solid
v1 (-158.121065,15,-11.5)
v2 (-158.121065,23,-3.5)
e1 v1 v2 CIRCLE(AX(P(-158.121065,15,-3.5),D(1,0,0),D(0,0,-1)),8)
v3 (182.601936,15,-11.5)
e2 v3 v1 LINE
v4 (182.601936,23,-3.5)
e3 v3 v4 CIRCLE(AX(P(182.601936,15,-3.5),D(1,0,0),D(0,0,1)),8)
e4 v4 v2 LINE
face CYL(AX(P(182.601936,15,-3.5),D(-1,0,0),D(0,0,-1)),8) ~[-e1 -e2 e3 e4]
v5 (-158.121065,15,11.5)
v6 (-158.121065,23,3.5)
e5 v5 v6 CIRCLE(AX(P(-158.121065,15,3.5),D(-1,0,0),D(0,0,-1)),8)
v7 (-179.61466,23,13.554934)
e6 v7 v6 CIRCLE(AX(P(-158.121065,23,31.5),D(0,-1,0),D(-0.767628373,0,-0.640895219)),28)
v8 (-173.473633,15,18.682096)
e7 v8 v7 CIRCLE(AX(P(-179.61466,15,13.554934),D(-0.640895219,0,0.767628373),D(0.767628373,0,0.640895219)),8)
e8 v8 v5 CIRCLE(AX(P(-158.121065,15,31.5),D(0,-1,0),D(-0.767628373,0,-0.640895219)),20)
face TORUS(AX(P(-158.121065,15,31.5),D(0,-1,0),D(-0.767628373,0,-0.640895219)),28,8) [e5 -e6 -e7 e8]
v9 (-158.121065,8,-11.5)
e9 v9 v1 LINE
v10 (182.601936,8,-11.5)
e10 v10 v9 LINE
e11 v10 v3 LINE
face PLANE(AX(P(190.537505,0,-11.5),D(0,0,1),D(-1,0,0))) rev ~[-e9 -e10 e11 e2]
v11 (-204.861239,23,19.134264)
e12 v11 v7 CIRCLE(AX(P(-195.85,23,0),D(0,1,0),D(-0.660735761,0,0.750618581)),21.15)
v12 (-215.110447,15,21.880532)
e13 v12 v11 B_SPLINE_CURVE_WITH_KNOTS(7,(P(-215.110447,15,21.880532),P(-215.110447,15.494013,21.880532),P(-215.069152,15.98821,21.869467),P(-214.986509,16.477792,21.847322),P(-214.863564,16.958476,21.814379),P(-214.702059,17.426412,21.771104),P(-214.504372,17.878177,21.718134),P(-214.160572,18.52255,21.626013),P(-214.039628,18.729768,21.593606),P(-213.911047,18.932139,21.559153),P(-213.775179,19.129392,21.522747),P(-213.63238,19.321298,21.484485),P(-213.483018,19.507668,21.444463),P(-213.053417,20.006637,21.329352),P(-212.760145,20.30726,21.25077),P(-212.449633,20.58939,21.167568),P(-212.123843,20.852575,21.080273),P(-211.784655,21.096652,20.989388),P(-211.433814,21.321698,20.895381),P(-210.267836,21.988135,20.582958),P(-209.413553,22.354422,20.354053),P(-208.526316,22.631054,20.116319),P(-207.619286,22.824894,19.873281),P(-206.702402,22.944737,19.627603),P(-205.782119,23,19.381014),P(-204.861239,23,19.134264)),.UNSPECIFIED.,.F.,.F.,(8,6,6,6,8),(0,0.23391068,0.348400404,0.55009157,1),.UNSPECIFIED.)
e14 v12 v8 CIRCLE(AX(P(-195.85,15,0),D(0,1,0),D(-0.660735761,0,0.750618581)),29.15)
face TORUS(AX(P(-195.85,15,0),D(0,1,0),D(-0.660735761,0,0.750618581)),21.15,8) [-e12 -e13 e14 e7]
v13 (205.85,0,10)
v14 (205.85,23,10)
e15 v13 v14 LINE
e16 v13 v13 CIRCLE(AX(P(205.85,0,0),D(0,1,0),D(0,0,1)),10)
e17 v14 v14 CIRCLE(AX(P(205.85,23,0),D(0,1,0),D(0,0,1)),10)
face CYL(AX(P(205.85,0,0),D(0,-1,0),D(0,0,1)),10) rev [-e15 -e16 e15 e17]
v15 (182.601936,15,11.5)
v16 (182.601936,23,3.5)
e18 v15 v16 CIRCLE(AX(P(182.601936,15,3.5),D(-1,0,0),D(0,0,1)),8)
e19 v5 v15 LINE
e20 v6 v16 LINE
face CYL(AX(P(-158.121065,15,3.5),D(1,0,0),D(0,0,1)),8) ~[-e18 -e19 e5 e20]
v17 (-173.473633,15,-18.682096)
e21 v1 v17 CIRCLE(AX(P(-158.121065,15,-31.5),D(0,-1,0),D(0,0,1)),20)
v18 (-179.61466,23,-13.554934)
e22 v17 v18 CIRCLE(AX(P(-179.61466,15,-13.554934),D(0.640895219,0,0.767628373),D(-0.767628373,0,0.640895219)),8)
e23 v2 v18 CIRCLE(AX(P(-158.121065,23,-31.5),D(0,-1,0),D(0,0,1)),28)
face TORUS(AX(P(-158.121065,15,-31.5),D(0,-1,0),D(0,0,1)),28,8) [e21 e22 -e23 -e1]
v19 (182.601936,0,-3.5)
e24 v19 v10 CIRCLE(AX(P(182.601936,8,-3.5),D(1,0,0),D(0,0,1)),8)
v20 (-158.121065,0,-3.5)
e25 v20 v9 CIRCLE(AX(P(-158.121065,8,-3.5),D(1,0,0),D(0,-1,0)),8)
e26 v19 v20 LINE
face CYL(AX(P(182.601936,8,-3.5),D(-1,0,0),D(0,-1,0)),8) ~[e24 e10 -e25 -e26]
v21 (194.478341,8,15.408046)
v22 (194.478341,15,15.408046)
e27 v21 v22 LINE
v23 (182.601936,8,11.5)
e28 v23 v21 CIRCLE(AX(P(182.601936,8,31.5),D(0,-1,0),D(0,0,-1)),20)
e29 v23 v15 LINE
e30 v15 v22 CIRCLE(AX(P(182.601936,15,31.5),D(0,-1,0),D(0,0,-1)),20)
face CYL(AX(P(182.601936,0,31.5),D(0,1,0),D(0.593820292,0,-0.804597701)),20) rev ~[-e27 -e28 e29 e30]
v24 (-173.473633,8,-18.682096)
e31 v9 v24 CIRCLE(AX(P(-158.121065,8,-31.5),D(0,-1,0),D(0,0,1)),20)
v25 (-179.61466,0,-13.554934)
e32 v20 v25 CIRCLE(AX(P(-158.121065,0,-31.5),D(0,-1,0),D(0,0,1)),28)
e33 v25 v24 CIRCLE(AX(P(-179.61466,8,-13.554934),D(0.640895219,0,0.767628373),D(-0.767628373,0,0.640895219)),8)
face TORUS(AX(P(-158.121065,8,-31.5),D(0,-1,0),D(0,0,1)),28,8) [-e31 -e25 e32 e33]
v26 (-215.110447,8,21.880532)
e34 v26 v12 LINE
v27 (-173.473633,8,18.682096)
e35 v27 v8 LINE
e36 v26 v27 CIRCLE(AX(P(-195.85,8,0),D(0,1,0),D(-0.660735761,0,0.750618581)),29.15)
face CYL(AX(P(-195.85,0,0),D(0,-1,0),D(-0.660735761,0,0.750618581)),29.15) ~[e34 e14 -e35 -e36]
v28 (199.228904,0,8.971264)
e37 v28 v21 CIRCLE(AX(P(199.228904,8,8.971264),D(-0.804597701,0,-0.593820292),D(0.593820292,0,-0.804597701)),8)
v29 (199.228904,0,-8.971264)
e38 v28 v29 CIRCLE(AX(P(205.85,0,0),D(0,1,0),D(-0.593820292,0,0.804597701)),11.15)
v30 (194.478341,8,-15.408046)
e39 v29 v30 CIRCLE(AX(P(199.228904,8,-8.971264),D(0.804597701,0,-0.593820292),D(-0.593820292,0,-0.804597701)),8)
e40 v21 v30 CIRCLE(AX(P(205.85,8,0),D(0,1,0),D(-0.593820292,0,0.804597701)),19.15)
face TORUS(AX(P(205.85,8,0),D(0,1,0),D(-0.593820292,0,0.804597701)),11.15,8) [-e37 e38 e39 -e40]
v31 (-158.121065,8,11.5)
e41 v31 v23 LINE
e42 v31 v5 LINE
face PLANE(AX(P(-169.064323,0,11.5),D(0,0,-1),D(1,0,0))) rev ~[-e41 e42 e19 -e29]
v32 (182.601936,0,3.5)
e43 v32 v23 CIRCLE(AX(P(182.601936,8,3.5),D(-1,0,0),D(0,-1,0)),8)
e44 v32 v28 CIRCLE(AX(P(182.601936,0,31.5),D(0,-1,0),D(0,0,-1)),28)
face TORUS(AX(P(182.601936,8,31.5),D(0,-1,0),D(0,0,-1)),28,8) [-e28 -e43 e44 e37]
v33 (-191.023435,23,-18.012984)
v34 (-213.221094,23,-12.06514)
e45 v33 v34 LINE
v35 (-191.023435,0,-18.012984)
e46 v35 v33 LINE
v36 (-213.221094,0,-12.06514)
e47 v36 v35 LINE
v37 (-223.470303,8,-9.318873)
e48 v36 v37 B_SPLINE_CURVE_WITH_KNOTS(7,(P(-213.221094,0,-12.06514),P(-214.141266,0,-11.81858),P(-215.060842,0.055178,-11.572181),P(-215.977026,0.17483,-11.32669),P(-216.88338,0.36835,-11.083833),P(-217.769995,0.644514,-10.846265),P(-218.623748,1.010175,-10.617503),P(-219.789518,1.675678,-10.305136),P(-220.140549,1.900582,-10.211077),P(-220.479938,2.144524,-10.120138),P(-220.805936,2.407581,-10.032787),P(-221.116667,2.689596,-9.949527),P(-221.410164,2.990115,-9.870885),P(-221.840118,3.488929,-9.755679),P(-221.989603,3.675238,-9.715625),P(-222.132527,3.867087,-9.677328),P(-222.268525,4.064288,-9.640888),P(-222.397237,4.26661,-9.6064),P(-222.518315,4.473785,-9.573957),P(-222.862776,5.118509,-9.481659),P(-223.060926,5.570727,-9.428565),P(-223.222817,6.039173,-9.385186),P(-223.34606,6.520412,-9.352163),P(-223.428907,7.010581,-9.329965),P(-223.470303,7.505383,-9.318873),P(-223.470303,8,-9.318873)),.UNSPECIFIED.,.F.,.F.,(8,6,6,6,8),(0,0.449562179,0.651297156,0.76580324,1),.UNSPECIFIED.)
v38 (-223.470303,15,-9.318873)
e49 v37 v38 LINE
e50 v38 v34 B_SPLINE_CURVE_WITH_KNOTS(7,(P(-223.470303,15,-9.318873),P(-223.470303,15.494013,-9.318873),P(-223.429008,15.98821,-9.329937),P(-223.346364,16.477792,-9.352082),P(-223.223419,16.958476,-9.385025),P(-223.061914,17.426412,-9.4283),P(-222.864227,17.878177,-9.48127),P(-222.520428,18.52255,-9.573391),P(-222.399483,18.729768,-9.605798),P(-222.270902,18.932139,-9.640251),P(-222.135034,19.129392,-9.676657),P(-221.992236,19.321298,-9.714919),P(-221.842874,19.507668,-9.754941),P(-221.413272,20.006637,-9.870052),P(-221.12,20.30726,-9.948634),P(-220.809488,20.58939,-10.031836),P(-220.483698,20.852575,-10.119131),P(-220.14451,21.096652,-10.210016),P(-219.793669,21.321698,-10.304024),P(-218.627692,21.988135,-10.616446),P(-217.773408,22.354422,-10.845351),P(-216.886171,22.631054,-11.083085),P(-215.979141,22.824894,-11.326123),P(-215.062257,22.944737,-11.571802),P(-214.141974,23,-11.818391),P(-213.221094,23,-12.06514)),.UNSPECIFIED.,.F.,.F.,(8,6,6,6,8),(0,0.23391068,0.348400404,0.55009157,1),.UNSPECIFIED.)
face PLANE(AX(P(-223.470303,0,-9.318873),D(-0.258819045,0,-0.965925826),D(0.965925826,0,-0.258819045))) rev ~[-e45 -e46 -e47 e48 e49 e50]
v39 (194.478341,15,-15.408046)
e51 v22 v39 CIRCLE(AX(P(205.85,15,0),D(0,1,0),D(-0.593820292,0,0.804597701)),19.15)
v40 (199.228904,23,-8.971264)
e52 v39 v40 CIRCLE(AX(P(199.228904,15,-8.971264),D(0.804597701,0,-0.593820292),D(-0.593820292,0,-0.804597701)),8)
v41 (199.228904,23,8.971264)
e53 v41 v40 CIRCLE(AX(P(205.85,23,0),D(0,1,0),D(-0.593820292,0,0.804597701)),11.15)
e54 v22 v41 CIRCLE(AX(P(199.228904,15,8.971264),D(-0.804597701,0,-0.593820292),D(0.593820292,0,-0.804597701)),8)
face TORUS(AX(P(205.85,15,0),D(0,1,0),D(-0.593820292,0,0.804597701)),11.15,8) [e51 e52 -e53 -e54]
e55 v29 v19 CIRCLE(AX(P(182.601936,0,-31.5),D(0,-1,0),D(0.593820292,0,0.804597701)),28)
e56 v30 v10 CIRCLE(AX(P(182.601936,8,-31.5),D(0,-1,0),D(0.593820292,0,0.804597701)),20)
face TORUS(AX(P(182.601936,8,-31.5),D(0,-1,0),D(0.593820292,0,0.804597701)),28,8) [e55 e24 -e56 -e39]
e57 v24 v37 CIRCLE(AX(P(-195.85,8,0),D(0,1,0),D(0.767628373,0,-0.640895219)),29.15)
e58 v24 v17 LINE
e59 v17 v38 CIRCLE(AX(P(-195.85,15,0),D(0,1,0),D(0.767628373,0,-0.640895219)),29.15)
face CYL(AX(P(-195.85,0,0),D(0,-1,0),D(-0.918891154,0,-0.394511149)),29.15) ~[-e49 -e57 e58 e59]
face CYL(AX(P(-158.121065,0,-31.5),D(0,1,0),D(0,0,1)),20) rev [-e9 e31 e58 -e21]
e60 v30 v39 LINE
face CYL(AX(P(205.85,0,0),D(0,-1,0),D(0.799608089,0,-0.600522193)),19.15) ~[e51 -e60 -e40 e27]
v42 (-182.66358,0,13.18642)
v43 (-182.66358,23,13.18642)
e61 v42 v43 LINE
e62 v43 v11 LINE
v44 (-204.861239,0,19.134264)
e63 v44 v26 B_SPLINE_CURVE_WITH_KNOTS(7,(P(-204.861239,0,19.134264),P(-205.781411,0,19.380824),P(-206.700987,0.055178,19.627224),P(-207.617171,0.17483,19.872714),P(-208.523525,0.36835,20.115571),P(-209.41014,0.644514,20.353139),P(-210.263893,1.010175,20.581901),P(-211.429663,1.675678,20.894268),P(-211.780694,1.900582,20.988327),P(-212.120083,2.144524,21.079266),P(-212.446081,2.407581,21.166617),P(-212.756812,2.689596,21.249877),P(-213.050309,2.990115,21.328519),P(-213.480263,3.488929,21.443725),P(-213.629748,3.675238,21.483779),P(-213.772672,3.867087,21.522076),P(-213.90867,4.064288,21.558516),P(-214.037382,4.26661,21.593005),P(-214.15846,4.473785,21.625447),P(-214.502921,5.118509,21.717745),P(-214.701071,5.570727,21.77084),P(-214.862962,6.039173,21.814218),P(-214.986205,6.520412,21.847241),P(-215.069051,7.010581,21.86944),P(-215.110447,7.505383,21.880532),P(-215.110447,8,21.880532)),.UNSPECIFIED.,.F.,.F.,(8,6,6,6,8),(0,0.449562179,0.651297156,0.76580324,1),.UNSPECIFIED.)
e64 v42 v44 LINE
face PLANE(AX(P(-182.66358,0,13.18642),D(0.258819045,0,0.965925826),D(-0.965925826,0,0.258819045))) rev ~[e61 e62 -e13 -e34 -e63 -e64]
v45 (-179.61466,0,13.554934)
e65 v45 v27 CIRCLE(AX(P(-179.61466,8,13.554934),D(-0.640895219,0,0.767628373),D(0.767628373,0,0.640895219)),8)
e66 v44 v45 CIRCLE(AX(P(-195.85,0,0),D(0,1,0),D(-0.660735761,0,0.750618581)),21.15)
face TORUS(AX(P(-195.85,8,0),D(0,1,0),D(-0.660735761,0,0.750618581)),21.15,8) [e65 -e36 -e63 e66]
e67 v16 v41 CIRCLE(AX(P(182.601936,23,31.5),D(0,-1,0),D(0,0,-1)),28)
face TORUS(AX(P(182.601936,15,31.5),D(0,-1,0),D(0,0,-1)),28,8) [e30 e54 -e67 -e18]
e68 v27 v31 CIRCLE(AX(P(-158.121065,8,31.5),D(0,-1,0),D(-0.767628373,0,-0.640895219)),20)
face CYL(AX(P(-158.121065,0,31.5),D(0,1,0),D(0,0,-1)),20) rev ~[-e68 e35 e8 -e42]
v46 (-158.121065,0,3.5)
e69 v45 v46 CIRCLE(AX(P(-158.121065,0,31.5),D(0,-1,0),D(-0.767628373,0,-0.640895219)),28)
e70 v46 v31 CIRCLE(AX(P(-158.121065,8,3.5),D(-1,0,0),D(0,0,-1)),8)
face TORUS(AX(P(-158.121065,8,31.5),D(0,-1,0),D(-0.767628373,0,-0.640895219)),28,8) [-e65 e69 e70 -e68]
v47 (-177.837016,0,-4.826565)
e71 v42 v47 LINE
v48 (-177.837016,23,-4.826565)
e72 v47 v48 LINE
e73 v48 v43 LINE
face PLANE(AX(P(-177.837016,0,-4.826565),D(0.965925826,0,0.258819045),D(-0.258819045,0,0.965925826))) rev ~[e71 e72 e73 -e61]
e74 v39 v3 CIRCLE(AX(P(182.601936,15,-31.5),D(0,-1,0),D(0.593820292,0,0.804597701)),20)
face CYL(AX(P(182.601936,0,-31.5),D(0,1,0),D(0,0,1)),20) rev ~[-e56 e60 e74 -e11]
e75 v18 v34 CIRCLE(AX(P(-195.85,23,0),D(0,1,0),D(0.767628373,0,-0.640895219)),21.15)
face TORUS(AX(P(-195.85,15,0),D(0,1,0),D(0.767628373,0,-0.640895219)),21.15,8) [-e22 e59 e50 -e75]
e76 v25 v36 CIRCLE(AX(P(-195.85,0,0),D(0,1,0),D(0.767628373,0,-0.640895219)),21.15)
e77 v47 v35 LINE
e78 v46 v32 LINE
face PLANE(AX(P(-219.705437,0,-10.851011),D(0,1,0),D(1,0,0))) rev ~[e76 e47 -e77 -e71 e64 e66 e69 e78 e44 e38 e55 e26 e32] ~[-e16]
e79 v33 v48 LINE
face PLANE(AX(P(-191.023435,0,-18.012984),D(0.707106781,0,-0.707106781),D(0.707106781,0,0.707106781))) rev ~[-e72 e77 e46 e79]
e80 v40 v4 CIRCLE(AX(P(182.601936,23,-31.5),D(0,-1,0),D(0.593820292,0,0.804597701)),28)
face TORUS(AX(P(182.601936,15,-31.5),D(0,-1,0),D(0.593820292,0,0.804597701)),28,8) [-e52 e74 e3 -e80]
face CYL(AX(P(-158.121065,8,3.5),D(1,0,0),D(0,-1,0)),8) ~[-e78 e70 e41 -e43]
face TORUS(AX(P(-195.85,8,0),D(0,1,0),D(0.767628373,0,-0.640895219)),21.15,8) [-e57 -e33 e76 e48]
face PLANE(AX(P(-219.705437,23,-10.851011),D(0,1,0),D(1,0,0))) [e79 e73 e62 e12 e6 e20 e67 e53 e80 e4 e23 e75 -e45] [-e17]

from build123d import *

# Parameters (mm, degrees)
SKETCH1_R           = 10.000000000000009
BOSS_EXTRUDE1_DEPTH = 23
FILLET1_R           = 20
FILLET2_R           = 8


with BuildPart() as part:
    # Sketch1 → Boss-Extrude1 (new body)
    # profile 1 of 8: a face of its own
    with BuildSketch(Plane(origin=(0, 0, 0), x_dir=(1, 0, 0), z_dir=(0, 1, 0))):
        with BuildLine():
            Line((190.53750510204208, 11.499999999999996), (-169.0643228571688, 11.499999999999996))
            ThreePointArc((-169.06432285716886, 11.499999999999785), (-167.29719813473903, 5.8702645292353655), (-166.699999999998, -5.84695e-12))
            ThreePointArc((-166.699999999998, -5.85409e-12), (-167.29719813473773, -5.870264529240628), (-169.0643228571637, -11.499999999999407))
            Line((-169.0643228571635, -11.499999999999996), (190.53750510204208, -11.499999999999996))
            ThreePointArc((190.53750510204202, -11.500000000000126), (186.70000000000027, 2.35e-15), (190.53750510204205, 11.500000000000131))
        make_face()
    # profile 2 of 8: a face of its own
    with BuildSketch(Plane(origin=(0, 0, 0), x_dir=(1, 0, 0), z_dir=(0, 1, 0))):
        with BuildLine():
            Line((-209.0364197819809, 13.186419781973054), (-191.02343537482668, 18.01298440714431))
            Line((-191.02343537482668, 18.01298440714431), (-184.51045096768246, 11.499999999999996))
            Line((-184.51045096768246, 11.499999999999996), (-169.0643228571688, 11.499999999999996))
            ThreePointArc((-169.06432285716886, 11.499999999999785), (-195.8499999999993, 29.149999999995877), (-222.63567714283025, 11.500000000000531))
            Line((-222.63567714283008, 11.499999999999996), (-215.33022409119366, 11.499999999999996))
            Line((-215.33022409119366, 11.500000000000018), (-209.0364197819809, 13.186419781973054))
        make_face()
    # profile 3 of 8: a face of its own
    with BuildSketch(Plane(origin=(0, 0, 0), x_dir=(1, 0, 0), z_dir=(0, 1, 0))):
        with BuildLine():
            Line((-169.0643228571688, 11.499999999999996), (-184.51045096768246, 11.499999999999996))
            Line((-184.51045096768246, 11.499999999999996), (-177.83701559284398, 4.826564625161424))
            Line((-177.83701559284398, 4.826564625161426), (-182.21170539933064, -11.499999999999996))
            Line((-182.21170539933064, -11.499999999999996), (-169.0643228571635, -11.499999999999996))
            ThreePointArc((-169.0643228571637, -11.499999999999407), (-167.29719813473773, -5.870264529240628), (-166.699999999998, -5.85409e-12))
            ThreePointArc((-166.699999999998, -5.84695e-12), (-167.29719813473903, 5.8702645292353655), (-169.06432285716886, 11.499999999999785))
        make_face()
    # profile 4 of 8: a face of its own
    with BuildSketch(Plane(origin=(0, 0, 0), x_dir=(1, 0, 0), z_dir=(0, 1, 0))):
        with BuildLine():
            Line((-169.0643228571635, -11.499999999999996), (-182.21170539933064, -11.499999999999996))
            Line((-182.21170539933064, -11.499999999999996), (-182.66358021801545, -13.186419781992653))
            Line((-182.66358021801545, -13.186419781992653), (-200.67656462516962, -18.012984407163884))
            Line((-200.67656462516962, -18.012984407163888), (-215.11044742166933, -21.880531646131363))
            ThreePointArc((-215.11044742167047, -21.88053164613265), (-189.43937367309758, -28.43635648421335), (-169.0643228571637, -11.499999999999407))
        make_face()
    # profile 5 of 8: a face of its own
    with BuildSketch(Plane(origin=(0, 0, 0), x_dir=(1, 0, 0), z_dir=(0, 1, 0))):
        with BuildLine():
            Line((221.162494897959, 11.499999999999996), (190.53750510204208, 11.499999999999996))
            ThreePointArc((190.53750510204205, 11.500000000000131), (186.70000000000027, 2.35e-15), (190.53750510204202, -11.500000000000126))
            Line((190.53750510204208, -11.499999999999996), (221.162494897959, -11.499999999999996))
            ThreePointArc((221.16249489795885, -11.499999999999684), (224.0153072819582, -6.061692119536153), (225.00000000000028, -4.69e-15))
            ThreePointArc((225.00000000000028, 0), (224.0153072819582, 6.061692119536143), (221.16249489795888, 11.49999999999967))
        make_face()
        with Locations(Location((205.85000000000028, 0, 0), (0, 0, 270))):
            Circle(SKETCH1_R, mode=Mode.SUBTRACT)
    # profile 6 of 8: a face of its own
    with BuildSketch(Plane(origin=(0, 0, 0), x_dir=(1, 0, 0), z_dir=(0, 1, 0))):
        with BuildLine():
            Line((221.162494897959, -11.499999999999996), (190.53750510204208, -11.499999999999996))
            ThreePointArc((190.53750510204202, -11.500000000000126), (205.85000000000053, -19.150000000000006), (221.16249489795885, -11.499999999999684))
        make_face()
    # profile 7 of 8: a face of its own
    with BuildSketch(Plane(origin=(0, 0, 0), x_dir=(1, 0, 0), z_dir=(0, 1, 0))):
        with BuildLine():
            ThreePointArc((221.16249489795888, 11.49999999999967), (205.85000000000056, 19.150000000000006), (190.53750510204205, 11.500000000000131))
            Line((190.53750510204208, 11.499999999999996), (221.162494897959, 11.499999999999996))
        make_face()
    # profile 8 of 8: a face of its own
    with BuildSketch(Plane(origin=(0, 0, 0), x_dir=(1, 0, 0), z_dir=(0, 1, 0))):
        with BuildLine():
            Line((-223.47030257848598, 9.31887254300414), (-215.33022409119366, 11.500000000000018))
            Line((-215.33022409119366, 11.499999999999996), (-222.63567714283008, 11.499999999999996))
            ThreePointArc((-222.63567714283025, 11.500000000000519), (-223.0748413513289, 10.417797914863556), (-223.4703025784876, 9.318872543004696))
        make_face()
    extrude(amount=BOSS_EXTRUDE1_DEPTH)

    # Fillet1
    fillet1_edges = [part.edges().sort_by_distance(p)[0] for p in [
        (-169.06432285716357, 11.5, 11.499999999999702),
        (-169.06432285716883, 11.5, -11.499999999999892),
        (190.53750510204208, 11.5, -11.500000000000068),
        (190.53750510204205, 11.5, 11.500000000000059),
    ]]
    fillet(fillet1_edges, radius=FILLET1_R)

    # Fillet2
    fillet2_edges = [part.edges().sort_by_distance(p)[0] for p in [
        (-193.61734753029688, 0, 29.06437274310201),
        (225.00000000000028, 0, -2.576e-14),
        (225.0000000000003, 23, -4.174e-14),
        (12.240435042127586, 0, 11.499999999999766),
        (12.240435042127586, 23, 11.499999999999766),
        (12.24043504212267, 0, -11.499999999999865),
        (12.240435042122641, 23, -11.499999999999865),
        (-201.21583651826683, 0, -28.651881237695218),
        (-201.21583651826677, 23, -28.651881237695314),
        (188.85337218093906, 0, 12.50211748036416),
        (-193.61734753029688, 23, 29.06437274310201),
        (188.85337218093903, 23, 12.502117480364152),
        (188.85337218093898, 0, -12.502117480364163),
        (188.85337218093898, 23, -12.502117480364163),
        (-166.59579003361372, 0, -13.384287379634728),
        (-166.59579003361372, 23, -13.384287379634728),
        (-166.5957900336068, 0, 13.384287379636046),
        (-166.5957900336068, 23, 13.384287379636042),
    ]]
    fillet(fillet2_edges, radius=FILLET2_R)


solid = part.part
